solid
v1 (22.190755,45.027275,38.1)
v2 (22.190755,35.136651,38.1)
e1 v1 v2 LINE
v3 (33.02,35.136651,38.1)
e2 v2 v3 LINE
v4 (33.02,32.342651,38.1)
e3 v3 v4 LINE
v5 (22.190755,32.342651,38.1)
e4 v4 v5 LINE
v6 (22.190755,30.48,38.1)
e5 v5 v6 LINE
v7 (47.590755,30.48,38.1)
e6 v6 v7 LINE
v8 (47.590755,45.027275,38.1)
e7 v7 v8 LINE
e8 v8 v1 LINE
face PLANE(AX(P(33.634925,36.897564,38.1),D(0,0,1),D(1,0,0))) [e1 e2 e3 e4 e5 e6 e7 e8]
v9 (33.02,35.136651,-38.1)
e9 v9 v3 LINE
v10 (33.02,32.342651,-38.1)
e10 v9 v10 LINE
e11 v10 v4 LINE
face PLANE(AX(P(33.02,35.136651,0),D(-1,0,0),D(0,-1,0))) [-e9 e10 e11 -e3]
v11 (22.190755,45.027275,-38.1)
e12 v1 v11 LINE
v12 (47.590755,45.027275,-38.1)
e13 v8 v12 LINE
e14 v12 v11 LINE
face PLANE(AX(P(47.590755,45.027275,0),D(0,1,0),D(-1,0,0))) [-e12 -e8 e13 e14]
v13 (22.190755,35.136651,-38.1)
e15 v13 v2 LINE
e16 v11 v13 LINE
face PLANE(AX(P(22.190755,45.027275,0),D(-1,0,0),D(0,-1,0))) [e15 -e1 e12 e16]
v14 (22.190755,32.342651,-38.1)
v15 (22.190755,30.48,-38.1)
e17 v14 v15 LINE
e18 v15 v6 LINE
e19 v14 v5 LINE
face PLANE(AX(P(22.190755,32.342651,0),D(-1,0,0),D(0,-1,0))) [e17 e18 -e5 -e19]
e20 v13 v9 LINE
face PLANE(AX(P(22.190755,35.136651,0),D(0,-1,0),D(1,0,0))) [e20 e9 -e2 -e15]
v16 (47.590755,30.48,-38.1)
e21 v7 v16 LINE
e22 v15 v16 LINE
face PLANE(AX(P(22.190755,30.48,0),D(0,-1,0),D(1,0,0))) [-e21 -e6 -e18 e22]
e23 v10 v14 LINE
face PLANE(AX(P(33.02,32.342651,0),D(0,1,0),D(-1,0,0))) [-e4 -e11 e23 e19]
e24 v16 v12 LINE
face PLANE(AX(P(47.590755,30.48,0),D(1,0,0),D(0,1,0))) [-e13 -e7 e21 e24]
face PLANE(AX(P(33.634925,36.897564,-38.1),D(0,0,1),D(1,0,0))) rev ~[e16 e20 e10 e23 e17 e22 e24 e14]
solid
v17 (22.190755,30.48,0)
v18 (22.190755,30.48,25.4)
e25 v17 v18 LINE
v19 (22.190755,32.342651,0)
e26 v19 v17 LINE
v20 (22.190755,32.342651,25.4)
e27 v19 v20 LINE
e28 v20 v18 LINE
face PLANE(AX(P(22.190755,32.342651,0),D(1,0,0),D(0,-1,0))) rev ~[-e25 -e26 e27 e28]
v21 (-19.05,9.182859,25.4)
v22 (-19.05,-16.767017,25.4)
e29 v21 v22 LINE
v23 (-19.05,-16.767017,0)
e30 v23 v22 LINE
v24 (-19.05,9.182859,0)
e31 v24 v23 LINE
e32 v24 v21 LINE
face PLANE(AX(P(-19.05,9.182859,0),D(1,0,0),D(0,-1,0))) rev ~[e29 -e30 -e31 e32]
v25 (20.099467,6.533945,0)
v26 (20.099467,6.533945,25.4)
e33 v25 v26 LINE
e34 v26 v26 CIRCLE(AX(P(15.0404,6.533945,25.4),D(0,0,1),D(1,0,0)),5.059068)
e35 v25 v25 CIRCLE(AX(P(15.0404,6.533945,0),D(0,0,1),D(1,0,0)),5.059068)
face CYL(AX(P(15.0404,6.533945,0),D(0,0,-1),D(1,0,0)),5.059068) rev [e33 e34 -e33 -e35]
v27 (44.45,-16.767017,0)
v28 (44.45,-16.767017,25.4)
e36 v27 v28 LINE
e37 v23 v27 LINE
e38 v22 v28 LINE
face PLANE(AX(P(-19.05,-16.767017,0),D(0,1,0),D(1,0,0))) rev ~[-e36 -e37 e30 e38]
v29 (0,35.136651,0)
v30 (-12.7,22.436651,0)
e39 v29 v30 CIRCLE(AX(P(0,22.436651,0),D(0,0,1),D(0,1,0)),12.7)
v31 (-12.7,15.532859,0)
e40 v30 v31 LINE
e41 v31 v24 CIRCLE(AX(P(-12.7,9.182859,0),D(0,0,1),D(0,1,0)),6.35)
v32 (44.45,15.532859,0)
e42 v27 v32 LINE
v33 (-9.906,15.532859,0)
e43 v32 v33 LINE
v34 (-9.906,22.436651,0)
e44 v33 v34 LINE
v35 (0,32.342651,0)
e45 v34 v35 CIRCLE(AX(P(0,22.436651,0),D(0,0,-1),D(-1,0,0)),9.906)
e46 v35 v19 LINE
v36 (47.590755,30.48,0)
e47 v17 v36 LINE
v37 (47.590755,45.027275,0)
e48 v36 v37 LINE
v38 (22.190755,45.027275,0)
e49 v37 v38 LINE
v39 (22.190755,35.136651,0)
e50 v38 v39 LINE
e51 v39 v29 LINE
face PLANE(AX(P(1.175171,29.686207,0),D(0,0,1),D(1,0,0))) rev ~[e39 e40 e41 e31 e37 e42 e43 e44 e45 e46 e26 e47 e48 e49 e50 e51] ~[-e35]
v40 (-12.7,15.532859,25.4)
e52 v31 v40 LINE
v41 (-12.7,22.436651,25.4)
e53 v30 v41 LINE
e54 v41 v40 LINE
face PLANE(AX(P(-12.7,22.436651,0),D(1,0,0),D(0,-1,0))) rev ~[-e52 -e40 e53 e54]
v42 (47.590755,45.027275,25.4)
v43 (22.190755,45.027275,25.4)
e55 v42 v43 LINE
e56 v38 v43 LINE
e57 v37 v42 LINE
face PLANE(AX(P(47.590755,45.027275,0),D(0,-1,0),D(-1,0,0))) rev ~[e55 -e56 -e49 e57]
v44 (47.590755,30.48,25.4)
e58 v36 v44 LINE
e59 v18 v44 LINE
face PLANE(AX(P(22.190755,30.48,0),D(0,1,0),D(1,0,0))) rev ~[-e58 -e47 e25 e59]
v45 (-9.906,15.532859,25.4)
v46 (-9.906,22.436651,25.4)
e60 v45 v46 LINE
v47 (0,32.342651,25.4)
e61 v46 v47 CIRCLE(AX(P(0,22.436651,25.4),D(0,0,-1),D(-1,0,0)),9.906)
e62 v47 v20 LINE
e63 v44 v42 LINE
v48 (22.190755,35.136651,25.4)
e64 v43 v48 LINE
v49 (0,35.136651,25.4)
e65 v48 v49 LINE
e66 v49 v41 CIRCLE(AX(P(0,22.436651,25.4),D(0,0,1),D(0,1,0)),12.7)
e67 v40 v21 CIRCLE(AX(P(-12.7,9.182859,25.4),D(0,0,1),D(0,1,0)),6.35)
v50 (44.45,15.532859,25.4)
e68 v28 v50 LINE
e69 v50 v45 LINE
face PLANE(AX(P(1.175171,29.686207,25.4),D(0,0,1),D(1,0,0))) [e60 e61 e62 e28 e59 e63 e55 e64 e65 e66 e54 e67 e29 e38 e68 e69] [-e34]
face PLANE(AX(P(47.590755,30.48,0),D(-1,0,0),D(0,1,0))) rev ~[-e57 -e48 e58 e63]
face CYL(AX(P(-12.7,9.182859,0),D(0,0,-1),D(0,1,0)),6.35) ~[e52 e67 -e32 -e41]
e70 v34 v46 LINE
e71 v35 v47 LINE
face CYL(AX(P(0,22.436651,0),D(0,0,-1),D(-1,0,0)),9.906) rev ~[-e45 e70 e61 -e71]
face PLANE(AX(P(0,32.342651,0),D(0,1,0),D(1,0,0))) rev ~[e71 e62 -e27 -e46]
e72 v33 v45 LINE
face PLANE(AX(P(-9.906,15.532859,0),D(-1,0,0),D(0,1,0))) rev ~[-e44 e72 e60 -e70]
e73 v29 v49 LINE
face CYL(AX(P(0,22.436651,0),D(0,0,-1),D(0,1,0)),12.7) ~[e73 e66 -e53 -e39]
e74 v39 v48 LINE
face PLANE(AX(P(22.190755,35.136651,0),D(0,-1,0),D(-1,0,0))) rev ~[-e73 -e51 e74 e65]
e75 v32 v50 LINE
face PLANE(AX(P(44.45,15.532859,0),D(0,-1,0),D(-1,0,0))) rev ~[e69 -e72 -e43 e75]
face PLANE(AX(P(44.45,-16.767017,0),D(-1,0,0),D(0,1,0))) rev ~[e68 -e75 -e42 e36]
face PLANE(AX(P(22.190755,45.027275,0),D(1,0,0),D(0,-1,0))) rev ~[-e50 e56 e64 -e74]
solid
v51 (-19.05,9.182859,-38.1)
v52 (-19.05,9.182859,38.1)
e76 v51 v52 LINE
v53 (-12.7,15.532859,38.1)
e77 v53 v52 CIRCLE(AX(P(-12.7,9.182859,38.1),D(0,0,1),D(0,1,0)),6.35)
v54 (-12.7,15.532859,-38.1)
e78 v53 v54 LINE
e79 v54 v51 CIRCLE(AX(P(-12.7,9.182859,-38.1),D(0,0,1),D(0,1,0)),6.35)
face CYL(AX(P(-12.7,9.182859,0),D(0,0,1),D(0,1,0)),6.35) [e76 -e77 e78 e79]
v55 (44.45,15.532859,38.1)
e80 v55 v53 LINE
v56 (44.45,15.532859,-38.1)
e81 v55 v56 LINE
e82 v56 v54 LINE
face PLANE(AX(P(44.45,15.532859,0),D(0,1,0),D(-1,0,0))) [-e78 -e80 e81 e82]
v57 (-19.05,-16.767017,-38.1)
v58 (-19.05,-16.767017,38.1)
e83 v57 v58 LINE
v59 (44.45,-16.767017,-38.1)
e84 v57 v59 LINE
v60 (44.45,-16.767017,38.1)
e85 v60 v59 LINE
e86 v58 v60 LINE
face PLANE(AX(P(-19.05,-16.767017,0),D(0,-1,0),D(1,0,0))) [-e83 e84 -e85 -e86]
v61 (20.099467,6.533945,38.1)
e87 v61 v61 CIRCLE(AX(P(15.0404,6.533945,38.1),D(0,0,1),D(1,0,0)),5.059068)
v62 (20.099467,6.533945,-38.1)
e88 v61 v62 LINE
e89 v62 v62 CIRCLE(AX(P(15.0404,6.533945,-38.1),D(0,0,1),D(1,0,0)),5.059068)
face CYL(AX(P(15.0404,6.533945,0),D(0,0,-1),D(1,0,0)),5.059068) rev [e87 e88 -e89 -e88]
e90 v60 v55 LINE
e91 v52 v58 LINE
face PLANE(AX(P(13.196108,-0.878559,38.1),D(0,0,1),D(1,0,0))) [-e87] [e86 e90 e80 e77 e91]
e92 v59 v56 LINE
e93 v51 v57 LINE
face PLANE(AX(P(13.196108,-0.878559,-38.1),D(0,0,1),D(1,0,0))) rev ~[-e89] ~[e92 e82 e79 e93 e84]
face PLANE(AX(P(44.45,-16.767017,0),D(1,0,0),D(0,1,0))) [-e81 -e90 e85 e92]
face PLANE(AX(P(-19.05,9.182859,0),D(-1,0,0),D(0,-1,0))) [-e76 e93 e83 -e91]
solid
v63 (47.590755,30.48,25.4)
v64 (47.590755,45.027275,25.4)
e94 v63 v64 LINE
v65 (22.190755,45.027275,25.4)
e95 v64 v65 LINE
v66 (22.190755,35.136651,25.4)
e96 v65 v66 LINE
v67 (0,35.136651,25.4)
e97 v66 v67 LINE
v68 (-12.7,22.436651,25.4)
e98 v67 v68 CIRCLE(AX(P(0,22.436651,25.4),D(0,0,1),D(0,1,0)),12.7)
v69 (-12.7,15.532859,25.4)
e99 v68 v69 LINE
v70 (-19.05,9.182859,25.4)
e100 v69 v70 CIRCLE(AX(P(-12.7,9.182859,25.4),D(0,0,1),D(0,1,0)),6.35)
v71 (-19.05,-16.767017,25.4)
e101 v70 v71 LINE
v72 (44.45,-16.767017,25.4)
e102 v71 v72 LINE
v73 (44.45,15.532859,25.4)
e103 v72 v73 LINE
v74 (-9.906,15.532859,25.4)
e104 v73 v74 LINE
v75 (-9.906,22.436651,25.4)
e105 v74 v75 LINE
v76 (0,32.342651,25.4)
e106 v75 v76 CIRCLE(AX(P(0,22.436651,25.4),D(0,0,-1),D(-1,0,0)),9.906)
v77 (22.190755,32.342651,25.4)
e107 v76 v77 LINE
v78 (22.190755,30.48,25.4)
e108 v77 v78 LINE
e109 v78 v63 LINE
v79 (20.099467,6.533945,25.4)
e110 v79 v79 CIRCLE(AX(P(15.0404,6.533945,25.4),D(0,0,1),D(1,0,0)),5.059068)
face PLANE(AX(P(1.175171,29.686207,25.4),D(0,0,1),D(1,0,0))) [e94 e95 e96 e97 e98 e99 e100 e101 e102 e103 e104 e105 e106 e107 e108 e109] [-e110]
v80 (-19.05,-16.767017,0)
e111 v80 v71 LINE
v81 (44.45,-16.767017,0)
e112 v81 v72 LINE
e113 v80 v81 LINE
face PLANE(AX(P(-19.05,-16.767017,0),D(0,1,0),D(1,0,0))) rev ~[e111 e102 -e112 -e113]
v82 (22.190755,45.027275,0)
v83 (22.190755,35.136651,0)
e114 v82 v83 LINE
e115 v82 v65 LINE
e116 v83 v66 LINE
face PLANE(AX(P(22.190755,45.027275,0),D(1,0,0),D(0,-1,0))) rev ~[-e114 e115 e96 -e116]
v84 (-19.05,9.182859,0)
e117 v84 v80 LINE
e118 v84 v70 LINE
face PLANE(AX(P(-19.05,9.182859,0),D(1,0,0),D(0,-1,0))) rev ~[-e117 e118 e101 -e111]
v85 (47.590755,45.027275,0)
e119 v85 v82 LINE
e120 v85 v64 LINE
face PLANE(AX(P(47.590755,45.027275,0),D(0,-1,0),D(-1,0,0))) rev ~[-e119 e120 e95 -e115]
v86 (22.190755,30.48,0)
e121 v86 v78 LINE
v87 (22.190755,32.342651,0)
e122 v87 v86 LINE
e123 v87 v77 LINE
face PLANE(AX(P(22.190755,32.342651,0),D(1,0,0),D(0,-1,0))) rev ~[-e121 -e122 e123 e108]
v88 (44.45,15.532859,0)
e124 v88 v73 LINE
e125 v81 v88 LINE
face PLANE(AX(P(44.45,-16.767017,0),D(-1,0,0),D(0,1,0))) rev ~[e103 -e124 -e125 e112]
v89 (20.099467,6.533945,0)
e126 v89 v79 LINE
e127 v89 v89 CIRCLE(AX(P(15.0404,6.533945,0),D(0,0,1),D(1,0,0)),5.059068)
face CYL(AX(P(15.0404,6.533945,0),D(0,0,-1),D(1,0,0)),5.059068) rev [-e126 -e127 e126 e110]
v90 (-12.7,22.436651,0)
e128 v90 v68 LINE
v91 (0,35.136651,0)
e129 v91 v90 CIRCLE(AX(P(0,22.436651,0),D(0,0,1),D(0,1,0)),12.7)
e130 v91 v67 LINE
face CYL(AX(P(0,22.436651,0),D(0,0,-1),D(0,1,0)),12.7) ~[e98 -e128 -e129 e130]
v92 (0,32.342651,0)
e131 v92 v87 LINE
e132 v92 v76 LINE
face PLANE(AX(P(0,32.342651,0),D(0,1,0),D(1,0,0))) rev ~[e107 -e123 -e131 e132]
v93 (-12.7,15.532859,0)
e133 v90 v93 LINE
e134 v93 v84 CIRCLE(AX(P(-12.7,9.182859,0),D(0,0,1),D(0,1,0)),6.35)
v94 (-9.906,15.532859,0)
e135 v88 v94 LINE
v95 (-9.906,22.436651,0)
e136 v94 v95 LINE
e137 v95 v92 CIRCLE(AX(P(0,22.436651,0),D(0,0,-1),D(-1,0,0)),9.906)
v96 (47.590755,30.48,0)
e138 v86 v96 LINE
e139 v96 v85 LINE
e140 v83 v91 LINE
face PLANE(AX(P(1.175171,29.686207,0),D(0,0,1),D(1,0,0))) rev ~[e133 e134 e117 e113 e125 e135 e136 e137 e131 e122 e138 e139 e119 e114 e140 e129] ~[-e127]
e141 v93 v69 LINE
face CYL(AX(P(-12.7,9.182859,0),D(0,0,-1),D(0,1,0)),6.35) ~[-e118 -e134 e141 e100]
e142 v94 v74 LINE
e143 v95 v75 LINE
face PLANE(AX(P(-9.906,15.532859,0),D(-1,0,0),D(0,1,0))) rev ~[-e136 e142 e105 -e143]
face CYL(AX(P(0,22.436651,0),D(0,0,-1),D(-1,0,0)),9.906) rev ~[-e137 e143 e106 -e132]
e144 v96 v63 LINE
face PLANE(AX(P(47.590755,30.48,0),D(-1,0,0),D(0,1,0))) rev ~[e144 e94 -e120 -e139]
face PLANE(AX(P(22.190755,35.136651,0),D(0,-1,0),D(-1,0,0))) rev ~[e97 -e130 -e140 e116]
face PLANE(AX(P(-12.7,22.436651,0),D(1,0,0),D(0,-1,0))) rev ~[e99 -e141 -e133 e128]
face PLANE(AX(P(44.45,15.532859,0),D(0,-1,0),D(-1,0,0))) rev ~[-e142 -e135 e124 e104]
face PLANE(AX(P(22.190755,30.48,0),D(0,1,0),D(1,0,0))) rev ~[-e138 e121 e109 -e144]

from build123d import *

# Parameters (mm, degrees)
F0_R     = 5.0590675923
F1_DEPTH = 38.1
F0_W     = 10.8292447668
F0_H     = 2.7940001507
F2_DEPTH = 25.4
F3_DEPTH = 25.4


with BuildPart() as f1:
    # F0 (on Top) → F1 (new body, symmetric)
    with BuildSketch(Plane.XY):
        with BuildLine():
            Line((-9.9059998493, 15.5328589049), (-12.7, 15.5328589049))
            ThreePointArc((-12.7, 15.5328589049), (-17.1901280605, 13.6729869654), (-19.05, 9.1828589049))
            Line((-19.05, 9.1828589049), (-19.05, -16.7670173082))
            Line((-19.05, -16.7670173082), (44.45, -16.7670173082))
            Line((44.45, -16.7670173082), (44.45, 15.5328589049))
            Line((44.45, 15.5328589049), (-9.9059998493, 15.5328589049))
        make_face()
        with Locations((15.0403995067, 6.5339445136)):
            Circle(F0_R, mode=Mode.SUBTRACT)
    extrude(amount=F1_DEPTH, both=True)


with BuildPart() as f1b:
    # F0 (on Top) → F1, piece 2 (new body, symmetric)
    with BuildSketch(Plane.XY):
        Polygon((22.1907552332, 45.0272753793), (22.1907552332, 35.136650705), (33.02, 35.136650705), (33.02, 32.3426505543), (22.1907552332, 32.3426505543), (22.1907552332, 30.48), (47.5907552332, 30.48), (47.5907552332, 45.0272753793), align=None)
    extrude(amount=F1_DEPTH, both=True)


with BuildPart() as f2:
    # F0 (on Top) → F2 (new body)
    with BuildSketch(Plane.XY):
        with BuildLine():
            Line((-12.7, 22.436650705), (-12.7, 15.5328589049))
            Line((-12.7, 15.5328589049), (-9.9059998493, 15.5328589049))
            Line((-9.9059998493, 15.5328589049), (-9.9059998493, 22.436650705))
            ThreePointArc((-9.9059998493, 22.436650705), (-7.0045996679, 29.4412503729), (0, 32.3426505543))
            Line((0, 32.3426505543), (22.1907552332, 32.3426505543))
            Line((22.1907552332, 32.3426505543), (22.1907552332, 35.136650705))
            Line((22.1907552332, 35.136650705), (0, 35.136650705))
            ThreePointArc((0, 35.136650705), (-8.9802561211, 31.4169068261), (-12.7, 22.436650705))
        make_face()
        with BuildLine():
            Line((-9.9059998493, 15.5328589049), (-12.7, 15.5328589049))
            ThreePointArc((-12.7, 15.5328589049), (-17.1901280605, 13.6729869654), (-19.05, 9.1828589049))
            Line((-19.05, 9.1828589049), (-19.05, -16.7670173082))
            Line((-19.05, -16.7670173082), (44.45, -16.7670173082))
            Line((44.45, -16.7670173082), (44.45, 15.5328589049))
            Line((44.45, 15.5328589049), (-9.9059998493, 15.5328589049))
        make_face()
        with Locations((15.0403995067, 6.5339445136)):
            Circle(F0_R, mode=Mode.SUBTRACT)
        with Locations((27.6053776166, 33.7396506297)):
            Rectangle(F0_W, F0_H)
        Polygon((22.1907552332, 45.0272753793), (22.1907552332, 35.136650705), (33.02, 35.136650705), (33.02, 32.3426505543), (22.1907552332, 32.3426505543), (22.1907552332, 30.48), (47.5907552332, 30.48), (47.5907552332, 45.0272753793), align=None)
    extrude(amount=F2_DEPTH)


with BuildPart() as f3:
    # F0 (on Top) → F3 (new body)
    with BuildSketch(Plane.XY):
        with BuildLine():
            Line((-12.7, 22.436650705), (-12.7, 15.5328589049))
            Line((-12.7, 15.5328589049), (-9.9059998493, 15.5328589049))
            Line((-9.9059998493, 15.5328589049), (-9.9059998493, 22.436650705))
            ThreePointArc((-9.9059998493, 22.436650705), (-7.0045996679, 29.4412503729), (0, 32.3426505543))
            Line((0, 32.3426505543), (22.1907552332, 32.3426505543))
            Line((22.1907552332, 32.3426505543), (22.1907552332, 35.136650705))
            Line((22.1907552332, 35.136650705), (0, 35.136650705))
            ThreePointArc((0, 35.136650705), (-8.9802561211, 31.4169068261), (-12.7, 22.436650705))
        make_face()
        with BuildLine():
            Line((-9.9059998493, 15.5328589049), (-12.7, 15.5328589049))
            ThreePointArc((-12.7, 15.5328589049), (-17.1901280605, 13.6729869654), (-19.05, 9.1828589049))
            Line((-19.05, 9.1828589049), (-19.05, -16.7670173082))
            Line((-19.05, -16.7670173082), (44.45, -16.7670173082))
            Line((44.45, -16.7670173082), (44.45, 15.5328589049))
            Line((44.45, 15.5328589049), (-9.9059998493, 15.5328589049))
        make_face()
        with Locations((15.0403995067, 6.5339445136)):
            Circle(F0_R, mode=Mode.SUBTRACT)
        with Locations((27.6053776166, 33.7396506297)):
            Rectangle(F0_W, F0_H)
        Polygon((22.1907552332, 45.0272753793), (22.1907552332, 35.136650705), (33.02, 35.136650705), (33.02, 32.3426505543), (22.1907552332, 32.3426505543), (22.1907552332, 30.48), (47.5907552332, 30.48), (47.5907552332, 45.0272753793), align=None)
    extrude(amount=F3_DEPTH)


solid = Compound([f1.part, f1b.part, f2.part, f3.part])
